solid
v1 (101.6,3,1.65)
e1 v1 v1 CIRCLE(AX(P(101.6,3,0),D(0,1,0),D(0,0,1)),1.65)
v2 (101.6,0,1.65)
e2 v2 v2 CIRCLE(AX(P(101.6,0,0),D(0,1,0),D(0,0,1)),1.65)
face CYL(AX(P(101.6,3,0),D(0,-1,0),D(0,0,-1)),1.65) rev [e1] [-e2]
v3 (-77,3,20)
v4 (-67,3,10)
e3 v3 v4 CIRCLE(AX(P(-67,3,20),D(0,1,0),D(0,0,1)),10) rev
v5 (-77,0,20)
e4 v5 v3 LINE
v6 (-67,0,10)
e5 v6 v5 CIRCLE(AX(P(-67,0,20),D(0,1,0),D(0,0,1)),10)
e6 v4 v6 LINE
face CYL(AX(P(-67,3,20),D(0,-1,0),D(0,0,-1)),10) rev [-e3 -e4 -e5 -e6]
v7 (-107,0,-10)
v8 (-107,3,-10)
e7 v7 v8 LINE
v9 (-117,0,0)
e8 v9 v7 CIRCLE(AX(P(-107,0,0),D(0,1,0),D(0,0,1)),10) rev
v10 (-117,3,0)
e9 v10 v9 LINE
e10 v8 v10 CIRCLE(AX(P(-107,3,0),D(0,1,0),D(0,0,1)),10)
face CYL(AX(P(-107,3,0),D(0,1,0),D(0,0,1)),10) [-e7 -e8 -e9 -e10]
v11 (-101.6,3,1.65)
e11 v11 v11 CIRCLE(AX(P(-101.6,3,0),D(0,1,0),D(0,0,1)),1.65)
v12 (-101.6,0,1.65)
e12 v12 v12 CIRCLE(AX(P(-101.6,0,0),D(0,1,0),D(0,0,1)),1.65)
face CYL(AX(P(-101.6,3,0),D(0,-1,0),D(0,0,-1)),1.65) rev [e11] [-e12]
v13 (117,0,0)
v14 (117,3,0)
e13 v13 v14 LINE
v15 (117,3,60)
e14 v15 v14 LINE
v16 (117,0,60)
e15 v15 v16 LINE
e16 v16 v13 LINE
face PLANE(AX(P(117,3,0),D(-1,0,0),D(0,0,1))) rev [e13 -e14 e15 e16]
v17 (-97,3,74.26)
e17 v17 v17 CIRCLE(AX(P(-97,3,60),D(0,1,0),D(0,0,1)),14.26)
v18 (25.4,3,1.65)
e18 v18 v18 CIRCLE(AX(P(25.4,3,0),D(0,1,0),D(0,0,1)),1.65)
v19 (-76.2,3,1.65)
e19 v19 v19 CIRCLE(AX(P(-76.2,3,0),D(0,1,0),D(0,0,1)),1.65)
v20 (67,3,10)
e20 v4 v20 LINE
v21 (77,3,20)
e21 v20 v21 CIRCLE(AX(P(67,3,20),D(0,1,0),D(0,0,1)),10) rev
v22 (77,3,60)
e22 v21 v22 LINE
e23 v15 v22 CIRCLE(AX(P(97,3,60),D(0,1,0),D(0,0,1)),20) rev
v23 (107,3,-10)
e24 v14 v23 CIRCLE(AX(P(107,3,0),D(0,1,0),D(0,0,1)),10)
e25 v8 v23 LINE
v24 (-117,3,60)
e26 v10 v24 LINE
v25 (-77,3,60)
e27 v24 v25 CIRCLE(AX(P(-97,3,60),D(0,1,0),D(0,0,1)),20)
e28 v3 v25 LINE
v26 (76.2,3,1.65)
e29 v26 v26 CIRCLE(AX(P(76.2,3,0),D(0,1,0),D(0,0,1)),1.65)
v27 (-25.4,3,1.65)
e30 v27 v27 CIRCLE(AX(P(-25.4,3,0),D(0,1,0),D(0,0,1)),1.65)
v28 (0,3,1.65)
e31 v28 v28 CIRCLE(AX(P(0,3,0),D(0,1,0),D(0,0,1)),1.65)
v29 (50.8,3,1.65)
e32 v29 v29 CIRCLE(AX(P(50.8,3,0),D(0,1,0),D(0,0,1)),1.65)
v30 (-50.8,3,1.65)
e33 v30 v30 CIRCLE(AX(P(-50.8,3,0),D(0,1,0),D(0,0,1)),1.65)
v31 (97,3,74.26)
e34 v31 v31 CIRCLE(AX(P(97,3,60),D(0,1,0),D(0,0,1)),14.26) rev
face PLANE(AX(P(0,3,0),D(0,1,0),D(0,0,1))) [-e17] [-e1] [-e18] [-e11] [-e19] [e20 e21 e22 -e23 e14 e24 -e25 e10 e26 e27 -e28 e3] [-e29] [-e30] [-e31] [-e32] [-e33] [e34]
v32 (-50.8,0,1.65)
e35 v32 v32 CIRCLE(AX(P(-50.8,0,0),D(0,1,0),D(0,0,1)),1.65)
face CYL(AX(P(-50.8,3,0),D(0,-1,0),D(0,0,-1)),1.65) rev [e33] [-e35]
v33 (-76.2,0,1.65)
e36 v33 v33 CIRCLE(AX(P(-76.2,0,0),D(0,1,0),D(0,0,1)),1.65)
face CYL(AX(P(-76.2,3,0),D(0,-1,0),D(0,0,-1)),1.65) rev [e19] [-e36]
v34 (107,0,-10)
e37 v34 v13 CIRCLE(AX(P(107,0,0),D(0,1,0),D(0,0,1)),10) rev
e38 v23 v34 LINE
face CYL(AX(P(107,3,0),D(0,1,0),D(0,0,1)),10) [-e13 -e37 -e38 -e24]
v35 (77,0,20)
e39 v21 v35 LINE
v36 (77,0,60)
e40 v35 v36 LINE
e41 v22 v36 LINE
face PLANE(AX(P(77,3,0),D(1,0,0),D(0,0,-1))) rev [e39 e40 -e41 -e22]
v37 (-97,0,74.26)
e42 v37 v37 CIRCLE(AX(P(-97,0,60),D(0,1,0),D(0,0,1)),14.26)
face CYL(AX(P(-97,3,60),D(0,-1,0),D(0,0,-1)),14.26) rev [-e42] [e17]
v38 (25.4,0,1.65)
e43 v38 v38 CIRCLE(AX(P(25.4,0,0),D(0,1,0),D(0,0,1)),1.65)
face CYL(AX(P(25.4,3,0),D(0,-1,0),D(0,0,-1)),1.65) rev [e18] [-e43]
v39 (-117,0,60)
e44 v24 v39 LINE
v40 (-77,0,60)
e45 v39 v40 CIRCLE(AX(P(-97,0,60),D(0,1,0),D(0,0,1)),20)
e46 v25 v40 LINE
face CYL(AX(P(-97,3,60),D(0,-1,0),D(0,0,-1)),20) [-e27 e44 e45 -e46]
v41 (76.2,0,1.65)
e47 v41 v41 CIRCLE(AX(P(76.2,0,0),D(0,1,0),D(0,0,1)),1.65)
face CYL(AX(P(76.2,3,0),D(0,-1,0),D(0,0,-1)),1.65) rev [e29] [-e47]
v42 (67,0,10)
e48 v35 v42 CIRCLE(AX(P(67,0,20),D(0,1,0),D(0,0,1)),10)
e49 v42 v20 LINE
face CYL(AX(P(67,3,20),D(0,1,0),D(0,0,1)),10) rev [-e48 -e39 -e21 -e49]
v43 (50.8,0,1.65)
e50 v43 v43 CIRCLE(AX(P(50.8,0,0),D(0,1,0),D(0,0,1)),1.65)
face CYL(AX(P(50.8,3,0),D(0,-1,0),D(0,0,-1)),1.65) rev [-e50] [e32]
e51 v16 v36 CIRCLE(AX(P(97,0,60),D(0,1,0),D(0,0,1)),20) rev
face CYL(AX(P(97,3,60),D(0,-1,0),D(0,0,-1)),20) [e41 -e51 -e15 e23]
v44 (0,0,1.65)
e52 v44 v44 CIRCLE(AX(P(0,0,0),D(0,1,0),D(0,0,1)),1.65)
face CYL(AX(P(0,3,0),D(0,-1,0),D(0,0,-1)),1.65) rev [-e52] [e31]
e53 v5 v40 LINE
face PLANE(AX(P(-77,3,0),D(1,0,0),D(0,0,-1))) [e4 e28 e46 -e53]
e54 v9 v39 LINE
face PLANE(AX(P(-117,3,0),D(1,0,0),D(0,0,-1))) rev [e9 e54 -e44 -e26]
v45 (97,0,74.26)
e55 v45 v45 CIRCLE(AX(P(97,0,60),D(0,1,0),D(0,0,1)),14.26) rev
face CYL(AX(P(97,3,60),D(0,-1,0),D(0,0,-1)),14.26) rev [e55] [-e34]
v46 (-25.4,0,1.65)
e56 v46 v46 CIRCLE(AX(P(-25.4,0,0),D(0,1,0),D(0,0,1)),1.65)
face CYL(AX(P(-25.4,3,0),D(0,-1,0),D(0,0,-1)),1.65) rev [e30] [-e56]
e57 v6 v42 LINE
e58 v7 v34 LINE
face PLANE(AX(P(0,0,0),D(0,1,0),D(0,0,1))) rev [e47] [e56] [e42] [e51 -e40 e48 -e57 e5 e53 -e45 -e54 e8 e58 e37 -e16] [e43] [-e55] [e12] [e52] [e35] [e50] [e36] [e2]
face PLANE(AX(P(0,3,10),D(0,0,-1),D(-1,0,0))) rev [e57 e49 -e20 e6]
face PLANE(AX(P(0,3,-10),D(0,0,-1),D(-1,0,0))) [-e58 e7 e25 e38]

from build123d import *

# Parameters (mm, degrees)
SKETCH1_R           = 1.65
SKETCH1_R_2         = 14.26
BOSS_EXTRUDE1_DEPTH = 3
FILLET1_R           = 10


with BuildPart() as part:
    # Sketch1 → Boss-Extrude1 (new body)
    with BuildSketch(Plane(origin=(0, 0, 0), x_dir=(1, 0, 0), z_dir=(0, 1, 0))):
        with BuildLine():
            Line((-77, -10), (77, -10))
            Line((77, -10), (77, -60))
            ThreePointArc((77, -60), (97, -80), (117, -60))
            Line((117, -60), (117, 10))
            Line((117, 10), (-117, 10))
            Line((-117, 10), (-117, -60))
            ThreePointArc((-117, -60), (-97, -80), (-77, -60))
            Line((-77, -60), (-77, -10))
        make_face()
        with Locations((76.2, 0)):
            Circle(SKETCH1_R, mode=Mode.SUBTRACT)
        with Locations((-76.2, 0)):
            Circle(SKETCH1_R, mode=Mode.SUBTRACT)
        with Locations((-50.8, 0)):
            Circle(SKETCH1_R, mode=Mode.SUBTRACT)
        with Locations((-25.4, 0)):
            Circle(SKETCH1_R, mode=Mode.SUBTRACT)
        Circle(SKETCH1_R, mode=Mode.SUBTRACT)
        with Locations((25.4, 0)):
            Circle(SKETCH1_R, mode=Mode.SUBTRACT)
        with Locations((50.8, 0)):
            Circle(SKETCH1_R, mode=Mode.SUBTRACT)
        with Locations((-101.6, 0)):
            Circle(SKETCH1_R, mode=Mode.SUBTRACT)
        with Locations((101.6, 0)):
            Circle(SKETCH1_R, mode=Mode.SUBTRACT)
        with Locations((-97, -60)):
            Circle(SKETCH1_R_2, mode=Mode.SUBTRACT)
        with Locations((97, -60)):
            Circle(SKETCH1_R_2, mode=Mode.SUBTRACT)
    extrude(amount=BOSS_EXTRUDE1_DEPTH)

    # Fillet1
    fillet1_edges = [part.edges().sort_by_distance(p)[0] for p in [
        (-77, 1.5, 10),
        (-117, 1.5, -10),
        (117, 1.5, -10),
        (77, 1.5, 10),
    ]]
    fillet(fillet1_edges, radius=FILLET1_R)


solid = part.part
